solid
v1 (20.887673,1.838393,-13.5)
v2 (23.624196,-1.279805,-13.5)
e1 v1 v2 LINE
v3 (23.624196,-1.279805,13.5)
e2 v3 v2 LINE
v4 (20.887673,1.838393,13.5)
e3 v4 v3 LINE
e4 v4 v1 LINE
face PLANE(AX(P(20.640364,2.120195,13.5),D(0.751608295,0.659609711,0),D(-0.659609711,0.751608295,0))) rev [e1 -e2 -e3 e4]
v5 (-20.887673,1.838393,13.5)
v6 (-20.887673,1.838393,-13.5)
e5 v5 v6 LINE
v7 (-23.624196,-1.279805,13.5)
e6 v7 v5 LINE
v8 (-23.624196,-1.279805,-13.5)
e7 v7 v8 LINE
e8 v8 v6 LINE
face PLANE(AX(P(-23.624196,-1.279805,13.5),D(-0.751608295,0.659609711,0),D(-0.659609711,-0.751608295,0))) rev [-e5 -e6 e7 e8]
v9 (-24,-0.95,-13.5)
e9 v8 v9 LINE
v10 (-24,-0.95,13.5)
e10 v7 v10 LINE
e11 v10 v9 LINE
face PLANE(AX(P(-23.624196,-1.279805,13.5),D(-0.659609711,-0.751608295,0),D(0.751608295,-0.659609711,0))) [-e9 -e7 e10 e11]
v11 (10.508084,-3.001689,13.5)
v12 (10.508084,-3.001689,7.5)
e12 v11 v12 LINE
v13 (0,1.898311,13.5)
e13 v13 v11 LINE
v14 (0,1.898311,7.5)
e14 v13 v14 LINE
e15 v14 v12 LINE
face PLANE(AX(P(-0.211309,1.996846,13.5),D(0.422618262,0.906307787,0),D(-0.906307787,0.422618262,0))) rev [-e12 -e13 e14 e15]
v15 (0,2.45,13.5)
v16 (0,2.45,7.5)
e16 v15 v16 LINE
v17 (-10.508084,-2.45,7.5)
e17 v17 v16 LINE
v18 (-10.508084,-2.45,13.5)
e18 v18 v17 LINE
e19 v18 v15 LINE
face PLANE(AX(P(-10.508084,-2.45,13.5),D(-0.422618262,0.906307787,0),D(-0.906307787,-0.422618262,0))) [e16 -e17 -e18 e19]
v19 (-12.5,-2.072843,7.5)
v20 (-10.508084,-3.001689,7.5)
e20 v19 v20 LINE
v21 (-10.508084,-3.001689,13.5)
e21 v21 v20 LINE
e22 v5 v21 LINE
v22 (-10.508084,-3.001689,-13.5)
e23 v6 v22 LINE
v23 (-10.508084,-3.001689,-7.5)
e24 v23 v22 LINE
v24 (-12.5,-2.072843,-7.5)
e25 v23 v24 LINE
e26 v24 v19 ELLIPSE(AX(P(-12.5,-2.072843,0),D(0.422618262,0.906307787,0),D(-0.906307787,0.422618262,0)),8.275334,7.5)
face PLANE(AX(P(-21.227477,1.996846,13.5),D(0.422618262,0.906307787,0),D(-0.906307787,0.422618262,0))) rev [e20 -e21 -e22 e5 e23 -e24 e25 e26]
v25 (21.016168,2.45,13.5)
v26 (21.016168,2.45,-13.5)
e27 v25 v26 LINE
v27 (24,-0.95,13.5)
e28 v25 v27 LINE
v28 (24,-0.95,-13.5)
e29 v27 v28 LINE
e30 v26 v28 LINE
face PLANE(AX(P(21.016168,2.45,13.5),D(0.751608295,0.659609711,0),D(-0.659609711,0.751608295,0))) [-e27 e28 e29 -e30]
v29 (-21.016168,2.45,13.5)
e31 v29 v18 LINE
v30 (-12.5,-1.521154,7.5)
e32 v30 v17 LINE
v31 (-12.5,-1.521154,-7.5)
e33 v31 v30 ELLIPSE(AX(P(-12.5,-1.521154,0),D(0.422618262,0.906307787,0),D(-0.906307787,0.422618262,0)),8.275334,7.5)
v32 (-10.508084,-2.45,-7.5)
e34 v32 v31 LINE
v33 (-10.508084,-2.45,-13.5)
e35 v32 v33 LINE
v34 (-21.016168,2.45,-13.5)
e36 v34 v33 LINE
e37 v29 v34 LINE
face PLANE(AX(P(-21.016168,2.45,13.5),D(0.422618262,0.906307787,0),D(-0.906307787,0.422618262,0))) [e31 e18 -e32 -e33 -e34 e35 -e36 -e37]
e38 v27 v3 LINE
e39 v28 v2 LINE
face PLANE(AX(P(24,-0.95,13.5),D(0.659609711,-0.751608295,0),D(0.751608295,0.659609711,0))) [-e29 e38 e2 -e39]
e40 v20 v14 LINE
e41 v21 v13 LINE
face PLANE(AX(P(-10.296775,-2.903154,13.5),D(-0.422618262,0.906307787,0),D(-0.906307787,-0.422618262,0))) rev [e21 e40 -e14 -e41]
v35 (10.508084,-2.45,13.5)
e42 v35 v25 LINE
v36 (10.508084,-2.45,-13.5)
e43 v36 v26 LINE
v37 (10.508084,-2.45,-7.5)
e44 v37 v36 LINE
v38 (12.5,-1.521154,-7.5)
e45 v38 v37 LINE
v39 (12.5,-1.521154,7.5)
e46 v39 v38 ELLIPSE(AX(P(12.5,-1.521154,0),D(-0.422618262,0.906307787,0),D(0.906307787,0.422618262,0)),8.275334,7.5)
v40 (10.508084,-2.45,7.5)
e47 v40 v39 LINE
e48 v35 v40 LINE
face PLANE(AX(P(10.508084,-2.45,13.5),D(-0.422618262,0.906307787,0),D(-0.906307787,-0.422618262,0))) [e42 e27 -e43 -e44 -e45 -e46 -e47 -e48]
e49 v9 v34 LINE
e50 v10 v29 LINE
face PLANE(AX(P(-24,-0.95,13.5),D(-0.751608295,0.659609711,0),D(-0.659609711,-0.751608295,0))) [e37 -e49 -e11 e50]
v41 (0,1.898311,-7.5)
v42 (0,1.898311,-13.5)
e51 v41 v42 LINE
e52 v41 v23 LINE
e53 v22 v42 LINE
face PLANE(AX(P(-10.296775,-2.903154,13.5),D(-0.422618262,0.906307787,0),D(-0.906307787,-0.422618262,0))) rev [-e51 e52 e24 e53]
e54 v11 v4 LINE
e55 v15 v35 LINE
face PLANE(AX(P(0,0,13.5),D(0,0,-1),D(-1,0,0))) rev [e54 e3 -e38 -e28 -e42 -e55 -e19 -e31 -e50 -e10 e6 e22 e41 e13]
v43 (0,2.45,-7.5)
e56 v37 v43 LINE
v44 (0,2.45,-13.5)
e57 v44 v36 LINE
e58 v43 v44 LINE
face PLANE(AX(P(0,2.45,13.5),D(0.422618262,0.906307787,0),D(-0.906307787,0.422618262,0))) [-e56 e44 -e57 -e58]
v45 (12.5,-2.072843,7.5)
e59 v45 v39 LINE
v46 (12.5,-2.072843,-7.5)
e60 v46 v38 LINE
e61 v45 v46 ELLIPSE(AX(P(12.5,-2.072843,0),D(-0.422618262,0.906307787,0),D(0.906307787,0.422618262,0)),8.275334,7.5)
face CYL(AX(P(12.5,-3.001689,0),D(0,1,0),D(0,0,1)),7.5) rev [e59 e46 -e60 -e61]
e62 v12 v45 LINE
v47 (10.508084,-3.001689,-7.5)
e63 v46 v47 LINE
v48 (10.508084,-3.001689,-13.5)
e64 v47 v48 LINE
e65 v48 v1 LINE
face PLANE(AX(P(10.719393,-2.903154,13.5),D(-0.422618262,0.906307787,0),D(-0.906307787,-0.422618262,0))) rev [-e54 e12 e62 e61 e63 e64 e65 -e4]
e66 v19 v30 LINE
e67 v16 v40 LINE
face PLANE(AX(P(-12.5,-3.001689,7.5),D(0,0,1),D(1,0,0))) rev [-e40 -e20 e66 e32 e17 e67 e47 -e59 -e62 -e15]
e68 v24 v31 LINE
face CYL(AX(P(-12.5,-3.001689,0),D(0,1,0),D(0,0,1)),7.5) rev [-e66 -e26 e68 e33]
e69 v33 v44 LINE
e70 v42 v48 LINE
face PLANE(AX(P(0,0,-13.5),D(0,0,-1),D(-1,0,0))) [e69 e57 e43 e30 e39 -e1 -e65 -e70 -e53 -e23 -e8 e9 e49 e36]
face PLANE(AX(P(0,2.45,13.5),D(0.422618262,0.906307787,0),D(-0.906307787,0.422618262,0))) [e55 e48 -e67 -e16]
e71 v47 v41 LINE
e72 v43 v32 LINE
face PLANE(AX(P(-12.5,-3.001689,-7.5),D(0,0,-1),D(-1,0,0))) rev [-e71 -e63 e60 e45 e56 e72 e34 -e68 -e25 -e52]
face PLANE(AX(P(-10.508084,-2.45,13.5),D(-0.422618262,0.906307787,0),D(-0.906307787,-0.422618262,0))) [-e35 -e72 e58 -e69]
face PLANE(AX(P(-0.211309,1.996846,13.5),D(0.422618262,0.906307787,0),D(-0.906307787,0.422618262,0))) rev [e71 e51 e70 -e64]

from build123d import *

# Parameters (mm, degrees)
EXTRU_MINCE1_DEPTH           = 13.5
ENL_V_MAT_EXTRU_1_DEPTH      = 3.45
ENL_V_MAT_EXTRU_1_DEPTH_BACK = 4.001688959


with BuildPart() as part:
    # Esquisse1 → Extru.-Mince1 (new body, symmetric)
    with BuildSketch(Plane.XY):
        Polygon((-24, -0.95), (-21.016167821, 2.45), (-10.50808391, -2.45), (0, 2.45), (10.50808391, -2.45), (21.016167821, 2.45), (24, -0.95), (23.624195852, -1.279804855), (20.887672756, 1.838392808), (10.50808391, -3.001688959), (0, 1.898311041), (-10.50808391, -3.001688959), (-20.887672756, 1.838392808), (-23.624195852, -1.279804855), align=None)
    extrude(amount=EXTRU_MINCE1_DEPTH, both=True)

    # Esquisse2 → Enlèv. mat.-Extru.1 (cut, two sides)
    with BuildSketch(Plane(origin=(0, 0, 0), x_dir=(1, 0, 0), z_dir=(0, 1, 0))) as enl_v_mat_extru_1_sk:
        with BuildLine():
            Line((-12.5, 7.5), (12.5, 7.5))
            ThreePointArc((12.5, 7.5), (20, 0), (12.5, -7.5))
            Line((12.5, -7.5), (-12.5, -7.5))
            ThreePointArc((-12.5, -7.5), (-20, 0), (-12.5, 7.5))
        make_face()
    extrude(amount=ENL_V_MAT_EXTRU_1_DEPTH, mode=Mode.SUBTRACT)
    extrude(enl_v_mat_extru_1_sk.sketch, amount=-ENL_V_MAT_EXTRU_1_DEPTH_BACK, mode=Mode.SUBTRACT)


solid = part.part
